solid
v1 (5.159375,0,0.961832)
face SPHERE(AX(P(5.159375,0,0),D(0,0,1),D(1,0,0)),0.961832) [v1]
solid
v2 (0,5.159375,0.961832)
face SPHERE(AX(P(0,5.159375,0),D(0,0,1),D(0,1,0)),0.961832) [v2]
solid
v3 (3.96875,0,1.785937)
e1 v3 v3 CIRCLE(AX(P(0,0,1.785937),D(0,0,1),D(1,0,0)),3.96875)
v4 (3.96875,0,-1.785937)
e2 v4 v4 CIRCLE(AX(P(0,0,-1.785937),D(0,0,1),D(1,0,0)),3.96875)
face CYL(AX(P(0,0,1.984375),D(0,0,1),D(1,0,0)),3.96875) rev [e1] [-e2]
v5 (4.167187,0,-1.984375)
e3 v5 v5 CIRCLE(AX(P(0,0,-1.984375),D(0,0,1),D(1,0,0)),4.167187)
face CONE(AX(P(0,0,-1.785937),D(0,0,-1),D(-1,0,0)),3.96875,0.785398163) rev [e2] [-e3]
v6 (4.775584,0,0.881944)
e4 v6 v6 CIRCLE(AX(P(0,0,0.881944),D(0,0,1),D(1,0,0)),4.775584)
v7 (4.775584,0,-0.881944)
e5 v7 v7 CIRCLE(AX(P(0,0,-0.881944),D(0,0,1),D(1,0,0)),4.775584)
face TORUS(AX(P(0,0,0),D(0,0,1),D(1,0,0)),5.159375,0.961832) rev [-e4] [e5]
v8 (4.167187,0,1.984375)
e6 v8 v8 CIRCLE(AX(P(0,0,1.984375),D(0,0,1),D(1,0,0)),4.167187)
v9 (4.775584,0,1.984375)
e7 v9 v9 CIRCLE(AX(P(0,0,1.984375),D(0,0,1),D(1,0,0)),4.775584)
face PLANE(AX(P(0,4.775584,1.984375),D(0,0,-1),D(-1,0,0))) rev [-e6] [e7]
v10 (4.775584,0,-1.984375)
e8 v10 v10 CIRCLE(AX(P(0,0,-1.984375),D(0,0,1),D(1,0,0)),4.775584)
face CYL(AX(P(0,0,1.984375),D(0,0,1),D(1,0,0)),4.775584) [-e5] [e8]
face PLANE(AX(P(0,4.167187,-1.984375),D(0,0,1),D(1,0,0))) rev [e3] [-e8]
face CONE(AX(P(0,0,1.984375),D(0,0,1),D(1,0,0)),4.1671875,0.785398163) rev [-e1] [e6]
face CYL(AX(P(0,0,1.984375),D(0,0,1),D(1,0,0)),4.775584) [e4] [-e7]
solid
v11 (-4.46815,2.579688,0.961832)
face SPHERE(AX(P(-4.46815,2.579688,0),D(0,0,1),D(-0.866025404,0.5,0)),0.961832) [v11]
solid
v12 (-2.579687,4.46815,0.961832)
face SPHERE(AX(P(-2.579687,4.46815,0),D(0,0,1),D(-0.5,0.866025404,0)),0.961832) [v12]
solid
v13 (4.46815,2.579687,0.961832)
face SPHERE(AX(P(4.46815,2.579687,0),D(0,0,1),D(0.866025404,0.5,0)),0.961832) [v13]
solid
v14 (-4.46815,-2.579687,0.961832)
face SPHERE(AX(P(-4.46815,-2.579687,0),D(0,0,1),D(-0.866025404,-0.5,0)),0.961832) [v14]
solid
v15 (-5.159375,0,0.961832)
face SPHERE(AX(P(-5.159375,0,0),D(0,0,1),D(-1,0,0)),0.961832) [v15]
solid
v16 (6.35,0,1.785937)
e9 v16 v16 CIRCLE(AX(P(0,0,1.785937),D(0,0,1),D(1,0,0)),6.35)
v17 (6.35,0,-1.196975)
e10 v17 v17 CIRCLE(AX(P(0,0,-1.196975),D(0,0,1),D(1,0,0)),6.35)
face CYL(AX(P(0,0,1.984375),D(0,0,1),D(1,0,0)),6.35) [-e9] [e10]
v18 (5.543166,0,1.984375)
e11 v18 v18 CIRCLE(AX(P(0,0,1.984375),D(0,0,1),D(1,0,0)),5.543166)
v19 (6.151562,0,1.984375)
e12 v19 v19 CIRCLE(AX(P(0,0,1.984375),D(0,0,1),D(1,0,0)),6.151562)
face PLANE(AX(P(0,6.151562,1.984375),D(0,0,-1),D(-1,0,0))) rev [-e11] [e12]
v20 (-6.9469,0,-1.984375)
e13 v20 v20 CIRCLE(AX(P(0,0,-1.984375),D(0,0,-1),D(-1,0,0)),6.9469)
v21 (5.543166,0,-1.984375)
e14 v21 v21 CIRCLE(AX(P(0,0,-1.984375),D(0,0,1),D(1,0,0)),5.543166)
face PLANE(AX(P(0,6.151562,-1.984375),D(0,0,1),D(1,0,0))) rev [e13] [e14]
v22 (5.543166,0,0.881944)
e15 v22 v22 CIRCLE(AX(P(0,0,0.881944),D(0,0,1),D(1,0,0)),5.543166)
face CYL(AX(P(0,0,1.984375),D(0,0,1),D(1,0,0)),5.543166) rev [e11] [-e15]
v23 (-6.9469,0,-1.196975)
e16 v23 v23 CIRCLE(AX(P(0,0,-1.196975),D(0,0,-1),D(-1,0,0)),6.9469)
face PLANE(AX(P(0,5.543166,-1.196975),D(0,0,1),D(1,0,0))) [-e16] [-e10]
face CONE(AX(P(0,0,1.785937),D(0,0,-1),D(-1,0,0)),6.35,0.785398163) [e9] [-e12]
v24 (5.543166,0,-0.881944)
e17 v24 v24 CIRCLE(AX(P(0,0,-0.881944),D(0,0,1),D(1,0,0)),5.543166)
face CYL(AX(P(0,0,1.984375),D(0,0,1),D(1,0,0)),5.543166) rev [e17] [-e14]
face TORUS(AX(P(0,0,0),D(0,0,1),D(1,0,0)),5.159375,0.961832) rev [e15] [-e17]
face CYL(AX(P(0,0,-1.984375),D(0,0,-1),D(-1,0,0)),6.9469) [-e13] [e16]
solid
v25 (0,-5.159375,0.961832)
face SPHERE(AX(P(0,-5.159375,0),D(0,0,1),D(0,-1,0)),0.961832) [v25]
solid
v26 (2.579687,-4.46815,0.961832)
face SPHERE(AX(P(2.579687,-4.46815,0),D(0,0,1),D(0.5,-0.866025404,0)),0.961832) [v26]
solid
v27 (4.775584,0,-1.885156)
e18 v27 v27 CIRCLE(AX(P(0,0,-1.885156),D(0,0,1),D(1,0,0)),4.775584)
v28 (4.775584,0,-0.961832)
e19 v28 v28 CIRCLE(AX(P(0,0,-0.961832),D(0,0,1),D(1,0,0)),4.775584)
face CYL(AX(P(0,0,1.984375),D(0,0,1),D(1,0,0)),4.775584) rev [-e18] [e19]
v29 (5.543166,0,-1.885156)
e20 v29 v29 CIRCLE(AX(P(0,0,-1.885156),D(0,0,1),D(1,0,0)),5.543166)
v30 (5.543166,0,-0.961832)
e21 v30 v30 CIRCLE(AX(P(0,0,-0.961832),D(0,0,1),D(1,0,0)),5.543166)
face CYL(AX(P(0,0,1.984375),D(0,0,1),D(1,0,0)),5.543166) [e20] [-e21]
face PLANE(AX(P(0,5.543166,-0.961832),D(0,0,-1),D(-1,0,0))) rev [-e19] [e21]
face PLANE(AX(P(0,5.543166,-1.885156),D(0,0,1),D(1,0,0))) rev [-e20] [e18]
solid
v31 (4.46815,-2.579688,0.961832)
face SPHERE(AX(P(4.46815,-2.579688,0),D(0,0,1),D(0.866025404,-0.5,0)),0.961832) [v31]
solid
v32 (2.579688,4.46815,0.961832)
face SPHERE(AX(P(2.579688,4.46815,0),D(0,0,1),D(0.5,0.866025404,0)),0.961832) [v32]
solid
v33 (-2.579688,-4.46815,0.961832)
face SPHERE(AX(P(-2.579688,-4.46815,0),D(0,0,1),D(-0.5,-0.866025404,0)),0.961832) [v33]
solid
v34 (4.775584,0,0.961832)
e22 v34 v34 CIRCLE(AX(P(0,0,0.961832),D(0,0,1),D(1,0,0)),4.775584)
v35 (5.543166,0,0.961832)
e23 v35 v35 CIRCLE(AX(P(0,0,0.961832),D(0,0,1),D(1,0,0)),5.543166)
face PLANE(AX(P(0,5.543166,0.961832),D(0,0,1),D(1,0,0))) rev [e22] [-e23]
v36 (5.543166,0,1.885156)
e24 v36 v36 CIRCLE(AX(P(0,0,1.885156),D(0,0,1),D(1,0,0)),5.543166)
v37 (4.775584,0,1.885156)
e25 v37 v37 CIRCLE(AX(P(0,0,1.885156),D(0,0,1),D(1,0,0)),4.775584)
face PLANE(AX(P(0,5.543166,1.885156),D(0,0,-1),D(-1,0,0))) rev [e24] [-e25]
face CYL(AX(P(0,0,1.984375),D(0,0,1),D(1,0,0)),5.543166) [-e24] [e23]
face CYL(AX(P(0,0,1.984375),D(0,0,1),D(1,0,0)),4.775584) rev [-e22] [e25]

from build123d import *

# Parameters (mm, degrees)
CIRPATTERN1_COUNT = 12
SKETCH5_W         = 0.923323783
SKETCH5_H         = 0.767582418
SKETCH6_W         = 0.7874
SKETCH6_H         = 1.403733791


with BuildPart() as part:
    # Sketch1 → Revolve1 (revolve)
    with BuildSketch(Plane(origin=(0, 0, 0), x_dir=(0, 0, -1), z_dir=(1, 0, 0))):
        with BuildLine():
            Line((1.7859375, 6.35), (-1.7859375, 6.35))
            Line((-1.7859375, 6.35), (-1.984375, 6.1515625))
            Line((-1.984375, 6.1515625), (-1.984375, 5.543166209))
            Line((-1.984375, 5.543166209), (-0.881944444, 5.543166209))
            ThreePointArc((-0.881944444, 5.543166209), (0, 6.121207467), (0.881944444, 5.543166209))
            Line((0.881944444, 5.543166209), (1.984375, 5.543166209))
            Line((1.984375, 5.543166209), (1.984375, 6.1515625))
            Line((1.984375, 6.1515625), (1.7859375, 6.35))
        make_face()
    revolve(axis=Axis((0, 0, 1.984375), (0, 0, -1)))

    # Sketch6 → Revolve6 (revolve)
    with BuildSketch(Plane(origin=(0, 0, 0), x_dir=(0, 0, -1), z_dir=(1, 0, 0))):
        with Locations((1.590675, 6.245033105)):
            Rectangle(SKETCH6_W, SKETCH6_H)
    revolve(axis=Axis((0, 0, -1.984375), (0, 0, 1)))


with BuildPart() as body_2:
    # Sketch3 → Revolve3 (revolve)
    with BuildSketch(Plane(origin=(0, 0, 0), x_dir=(0, 0, -1), z_dir=(1, 0, 0))):
        with BuildLine():
            Line((-1.984375, 4.775583791), (-0.881944444, 4.775583791))
            ThreePointArc((-0.881944444, 4.775583791), (0, 4.197542533), (0.881944444, 4.775583791))
            Line((0.881944444, 4.775583791), (1.984375, 4.775583791))
            Line((1.984375, 4.775583791), (1.984375, 4.1671875))
            Line((1.984375, 4.1671875), (1.7859375, 3.96875))
            Line((1.7859375, 3.96875), (-1.7859375, 3.96875))
            Line((-1.7859375, 3.96875), (-1.984375, 4.1671875))
            Line((-1.984375, 4.1671875), (-1.984375, 4.775583791))
        make_face()
    revolve(axis=Axis((0, 0, 1.984375), (0, 0, -1)))


with BuildPart() as body_3:
    # Sketch4 → Revolve4 (revolve)
    with BuildSketch(Plane(origin=(0, 0, 0), x_dir=(0, 0, -1), z_dir=(1, 0, 0))):
        with BuildLine():
            Line((-0.961832467, 5.159375), (0.961832467, 5.159375))
            ThreePointArc((0.961832467, 5.159375), (0, 6.121207467), (-0.961832467, 5.159375))
        make_face()
    revolve(axis=Axis((0, 5.159375, 0.961832467), (0, 0, -1)))


with BuildPart() as cirpattern1_1:
    # CirPattern1: pattern copy
    add(body_3.part.rotate(Axis((0, 0, -1.984375), (0, 0, 1)), 1 * 360 / CIRPATTERN1_COUNT))


with BuildPart() as cirpattern1_2:
    # CirPattern1: pattern copy
    add(body_3.part.rotate(Axis((0, 0, -1.984375), (0, 0, 1)), 2 * 360 / CIRPATTERN1_COUNT))


with BuildPart() as cirpattern1_3:
    # CirPattern1: pattern copy
    add(body_3.part.rotate(Axis((0, 0, -1.984375), (0, 0, 1)), 3 * 360 / CIRPATTERN1_COUNT))


with BuildPart() as cirpattern1_4:
    # CirPattern1: pattern copy
    add(body_3.part.rotate(Axis((0, 0, -1.984375), (0, 0, 1)), 4 * 360 / CIRPATTERN1_COUNT))


with BuildPart() as cirpattern1_5:
    # CirPattern1: pattern copy
    add(body_3.part.rotate(Axis((0, 0, -1.984375), (0, 0, 1)), 5 * 360 / CIRPATTERN1_COUNT))


with BuildPart() as cirpattern1_6:
    # CirPattern1: pattern copy
    add(body_3.part.rotate(Axis((0, 0, -1.984375), (0, 0, 1)), 6 * 360 / CIRPATTERN1_COUNT))


with BuildPart() as cirpattern1_7:
    # CirPattern1: pattern copy
    add(body_3.part.rotate(Axis((0, 0, -1.984375), (0, 0, 1)), 7 * 360 / CIRPATTERN1_COUNT))


with BuildPart() as cirpattern1_8:
    # CirPattern1: pattern copy
    add(body_3.part.rotate(Axis((0, 0, -1.984375), (0, 0, 1)), 8 * 360 / CIRPATTERN1_COUNT))


with BuildPart() as cirpattern1_9:
    # CirPattern1: pattern copy
    add(body_3.part.rotate(Axis((0, 0, -1.984375), (0, 0, 1)), 9 * 360 / CIRPATTERN1_COUNT))


with BuildPart() as cirpattern1_10:
    # CirPattern1: pattern copy
    add(body_3.part.rotate(Axis((0, 0, -1.984375), (0, 0, 1)), 10 * 360 / CIRPATTERN1_COUNT))


with BuildPart() as cirpattern1_11:
    # CirPattern1: pattern copy
    add(body_3.part.rotate(Axis((0, 0, -1.984375), (0, 0, 1)), 11 * 360 / CIRPATTERN1_COUNT))


with BuildPart() as body_15:
    # Sketch5 → Revolve5 (revolve)
    with BuildSketch(Plane(origin=(0, 0, 0), x_dir=(0, 0, -1), z_dir=(1, 0, 0))):
        with Locations((-1.423494359, 5.159375)):
            Rectangle(SKETCH5_W, SKETCH5_H)
        with Locations((1.423494359, 5.159375)):
            Rectangle(SKETCH5_W, SKETCH5_H)
    revolve(axis=Axis((0, 0, 1.984375), (0, 0, -1)))


solid = Compound([part.part, body_2.part, body_3.part, cirpattern1_1.part, cirpattern1_2.part, cirpattern1_3.part, cirpattern1_4.part, cirpattern1_5.part, cirpattern1_6.part, cirpattern1_7.part, cirpattern1_8.part, cirpattern1_9.part, cirpattern1_10.part, cirpattern1_11.part, body_15.part])
